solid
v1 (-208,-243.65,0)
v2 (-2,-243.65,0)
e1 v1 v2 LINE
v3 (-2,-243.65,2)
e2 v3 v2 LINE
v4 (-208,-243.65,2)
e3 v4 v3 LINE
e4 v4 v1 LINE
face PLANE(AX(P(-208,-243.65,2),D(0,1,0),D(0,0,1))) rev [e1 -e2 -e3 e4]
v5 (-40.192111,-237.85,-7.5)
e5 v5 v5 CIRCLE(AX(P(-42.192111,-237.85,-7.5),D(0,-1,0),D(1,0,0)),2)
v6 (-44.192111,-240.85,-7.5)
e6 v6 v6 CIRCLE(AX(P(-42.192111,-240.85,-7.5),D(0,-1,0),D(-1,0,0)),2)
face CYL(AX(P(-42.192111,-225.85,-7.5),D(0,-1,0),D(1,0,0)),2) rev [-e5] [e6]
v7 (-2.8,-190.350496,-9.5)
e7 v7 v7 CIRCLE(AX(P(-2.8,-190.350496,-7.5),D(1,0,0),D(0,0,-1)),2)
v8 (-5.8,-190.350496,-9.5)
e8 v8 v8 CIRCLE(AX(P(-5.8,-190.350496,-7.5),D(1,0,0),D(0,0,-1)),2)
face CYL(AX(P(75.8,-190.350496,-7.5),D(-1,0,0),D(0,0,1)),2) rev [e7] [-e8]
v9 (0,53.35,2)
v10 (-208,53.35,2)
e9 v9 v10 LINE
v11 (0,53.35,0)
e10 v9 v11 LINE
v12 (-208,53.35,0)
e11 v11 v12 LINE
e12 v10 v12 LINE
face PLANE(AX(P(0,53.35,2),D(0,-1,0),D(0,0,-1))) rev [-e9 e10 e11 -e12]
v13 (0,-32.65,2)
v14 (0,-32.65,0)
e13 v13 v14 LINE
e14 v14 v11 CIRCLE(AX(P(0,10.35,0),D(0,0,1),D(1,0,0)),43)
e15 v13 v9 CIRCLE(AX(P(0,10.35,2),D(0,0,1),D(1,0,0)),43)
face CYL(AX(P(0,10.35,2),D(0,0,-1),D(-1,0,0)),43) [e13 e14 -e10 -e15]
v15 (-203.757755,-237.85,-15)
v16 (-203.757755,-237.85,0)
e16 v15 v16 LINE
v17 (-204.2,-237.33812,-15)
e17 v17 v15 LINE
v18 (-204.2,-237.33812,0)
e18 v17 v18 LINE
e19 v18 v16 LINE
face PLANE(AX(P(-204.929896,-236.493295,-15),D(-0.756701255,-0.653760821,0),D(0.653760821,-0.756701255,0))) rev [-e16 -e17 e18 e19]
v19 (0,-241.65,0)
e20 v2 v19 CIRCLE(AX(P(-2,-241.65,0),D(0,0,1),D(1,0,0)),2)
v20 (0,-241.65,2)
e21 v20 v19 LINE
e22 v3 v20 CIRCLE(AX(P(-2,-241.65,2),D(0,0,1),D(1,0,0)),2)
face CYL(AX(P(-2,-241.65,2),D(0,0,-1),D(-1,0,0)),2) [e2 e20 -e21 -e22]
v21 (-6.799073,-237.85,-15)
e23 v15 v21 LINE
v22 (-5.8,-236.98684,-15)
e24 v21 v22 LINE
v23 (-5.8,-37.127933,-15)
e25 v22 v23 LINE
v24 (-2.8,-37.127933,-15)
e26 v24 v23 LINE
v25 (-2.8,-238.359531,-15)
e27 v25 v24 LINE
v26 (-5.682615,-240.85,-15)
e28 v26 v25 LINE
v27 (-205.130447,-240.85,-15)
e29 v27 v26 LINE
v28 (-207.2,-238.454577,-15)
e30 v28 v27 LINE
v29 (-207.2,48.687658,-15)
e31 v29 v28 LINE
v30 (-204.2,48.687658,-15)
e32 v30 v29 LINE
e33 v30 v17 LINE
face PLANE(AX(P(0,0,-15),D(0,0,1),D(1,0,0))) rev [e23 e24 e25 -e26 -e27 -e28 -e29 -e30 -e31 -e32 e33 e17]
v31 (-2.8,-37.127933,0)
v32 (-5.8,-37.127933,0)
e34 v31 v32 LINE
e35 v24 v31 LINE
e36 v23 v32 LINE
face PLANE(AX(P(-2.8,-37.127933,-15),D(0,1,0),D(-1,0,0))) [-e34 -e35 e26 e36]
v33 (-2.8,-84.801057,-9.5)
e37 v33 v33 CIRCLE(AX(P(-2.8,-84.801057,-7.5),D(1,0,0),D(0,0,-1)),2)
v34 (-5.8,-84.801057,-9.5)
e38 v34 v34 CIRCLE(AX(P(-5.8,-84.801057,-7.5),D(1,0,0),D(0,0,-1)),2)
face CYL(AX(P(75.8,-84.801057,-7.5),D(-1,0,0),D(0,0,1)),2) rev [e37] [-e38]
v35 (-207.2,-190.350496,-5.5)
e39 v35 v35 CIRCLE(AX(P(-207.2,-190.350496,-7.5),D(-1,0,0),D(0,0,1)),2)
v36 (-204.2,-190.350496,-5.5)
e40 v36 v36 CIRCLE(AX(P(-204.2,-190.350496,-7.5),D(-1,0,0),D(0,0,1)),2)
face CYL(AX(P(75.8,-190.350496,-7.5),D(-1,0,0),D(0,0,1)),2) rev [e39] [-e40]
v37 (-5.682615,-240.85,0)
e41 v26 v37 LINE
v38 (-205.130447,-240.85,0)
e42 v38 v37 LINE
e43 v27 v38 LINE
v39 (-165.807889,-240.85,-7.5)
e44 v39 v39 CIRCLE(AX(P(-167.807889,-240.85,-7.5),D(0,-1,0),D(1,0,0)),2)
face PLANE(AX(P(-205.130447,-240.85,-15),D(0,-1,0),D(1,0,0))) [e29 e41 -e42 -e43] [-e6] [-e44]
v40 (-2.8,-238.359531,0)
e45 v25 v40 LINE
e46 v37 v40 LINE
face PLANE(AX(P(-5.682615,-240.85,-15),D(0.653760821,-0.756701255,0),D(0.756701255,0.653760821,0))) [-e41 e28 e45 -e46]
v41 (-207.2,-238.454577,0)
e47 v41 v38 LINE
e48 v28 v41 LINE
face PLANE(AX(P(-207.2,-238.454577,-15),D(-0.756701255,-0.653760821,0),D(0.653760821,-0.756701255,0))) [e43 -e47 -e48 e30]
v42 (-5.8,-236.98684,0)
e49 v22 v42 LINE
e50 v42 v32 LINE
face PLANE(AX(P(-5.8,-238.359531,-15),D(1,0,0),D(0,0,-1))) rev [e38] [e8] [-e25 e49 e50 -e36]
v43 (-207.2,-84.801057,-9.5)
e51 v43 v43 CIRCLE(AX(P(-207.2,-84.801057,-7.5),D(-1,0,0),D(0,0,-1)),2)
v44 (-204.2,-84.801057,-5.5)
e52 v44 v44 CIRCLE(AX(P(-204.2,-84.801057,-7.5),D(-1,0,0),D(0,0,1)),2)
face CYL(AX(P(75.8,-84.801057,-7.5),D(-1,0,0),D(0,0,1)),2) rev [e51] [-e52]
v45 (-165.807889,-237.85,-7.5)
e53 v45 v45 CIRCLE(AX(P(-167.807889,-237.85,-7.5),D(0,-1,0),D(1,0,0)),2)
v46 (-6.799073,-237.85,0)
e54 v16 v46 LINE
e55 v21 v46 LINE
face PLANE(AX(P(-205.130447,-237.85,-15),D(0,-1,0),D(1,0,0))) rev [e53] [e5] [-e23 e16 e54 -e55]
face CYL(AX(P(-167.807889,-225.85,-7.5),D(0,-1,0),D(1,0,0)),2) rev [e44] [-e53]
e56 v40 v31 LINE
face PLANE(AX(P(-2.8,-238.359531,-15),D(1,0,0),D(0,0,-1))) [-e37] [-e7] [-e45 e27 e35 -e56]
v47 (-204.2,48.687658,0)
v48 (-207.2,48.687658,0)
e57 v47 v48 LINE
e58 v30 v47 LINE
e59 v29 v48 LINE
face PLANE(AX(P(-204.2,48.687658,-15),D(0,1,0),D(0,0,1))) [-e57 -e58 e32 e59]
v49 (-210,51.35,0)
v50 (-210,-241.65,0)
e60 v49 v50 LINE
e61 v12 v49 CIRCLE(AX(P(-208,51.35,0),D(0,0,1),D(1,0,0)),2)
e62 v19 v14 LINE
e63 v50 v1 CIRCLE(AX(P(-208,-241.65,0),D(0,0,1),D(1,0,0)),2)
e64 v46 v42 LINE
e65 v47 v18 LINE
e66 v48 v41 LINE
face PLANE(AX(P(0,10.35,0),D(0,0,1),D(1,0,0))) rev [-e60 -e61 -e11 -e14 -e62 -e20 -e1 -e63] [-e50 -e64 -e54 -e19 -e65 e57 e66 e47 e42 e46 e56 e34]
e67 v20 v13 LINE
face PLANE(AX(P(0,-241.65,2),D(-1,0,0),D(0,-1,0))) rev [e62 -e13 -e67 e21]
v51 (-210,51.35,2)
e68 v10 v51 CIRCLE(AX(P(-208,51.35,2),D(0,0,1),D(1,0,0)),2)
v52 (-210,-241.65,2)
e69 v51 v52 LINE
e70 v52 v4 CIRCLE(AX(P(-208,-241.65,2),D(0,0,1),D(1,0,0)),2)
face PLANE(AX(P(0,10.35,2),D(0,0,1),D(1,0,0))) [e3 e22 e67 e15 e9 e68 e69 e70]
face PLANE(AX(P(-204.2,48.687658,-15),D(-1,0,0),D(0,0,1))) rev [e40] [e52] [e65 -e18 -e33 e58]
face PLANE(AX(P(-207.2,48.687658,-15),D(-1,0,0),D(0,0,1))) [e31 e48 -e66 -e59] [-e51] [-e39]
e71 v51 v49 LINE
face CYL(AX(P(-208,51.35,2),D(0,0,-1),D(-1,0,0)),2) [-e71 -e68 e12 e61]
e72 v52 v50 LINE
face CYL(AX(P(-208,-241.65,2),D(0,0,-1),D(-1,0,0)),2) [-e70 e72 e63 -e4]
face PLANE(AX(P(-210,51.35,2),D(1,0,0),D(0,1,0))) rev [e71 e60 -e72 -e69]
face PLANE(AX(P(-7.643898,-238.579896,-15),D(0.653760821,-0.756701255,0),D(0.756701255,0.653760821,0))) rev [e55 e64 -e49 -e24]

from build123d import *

# Parameters (mm, degrees)
EXTRUDE_1_DEPTH     = 2
EXTRUDE_1_2_DEPTH   = 15
SKETCH_4_R          = 2
CUT_EXTRUDE_1_DEPTH = 15
SKETCH_5_R          = 2
CUT_EXTRUDE_2_DEPTH = 283


with BuildPart() as part:
    # 草图1 → Extrude 1 (new body)
    with BuildSketch(Plane.XY):
        with BuildLine():
            Line((0, 53.35), (-208, 53.35))
            ThreePointArc((-208, 53.35), (-209.414213562, 52.764213562), (-210, 51.35))
            Line((-210, 51.35), (-210, -241.65))
            ThreePointArc((-210, -241.65), (-209.414213562, -243.064213562), (-208, -243.65))
            Line((-208, -243.65), (-2, -243.65))
            ThreePointArc((-2, -243.65), (-0.585786438, -243.064213562), (0, -241.65))
            Line((0, -241.65), (0, -32.65))
            ThreePointArc((0, -32.65), (43, 10.35), (0, 53.35))
        make_face()
    extrude(amount=EXTRUDE_1_DEPTH)

    # 草图3 → Extrude 1 2 (add)
    with BuildSketch(Plane(origin=(0, 0, 0), x_dir=(-1, 0, 0), z_dir=(0, 0, -1))):
        Polygon((207.2, 48.687657947), (207.2, -238.454577256), (205.130446753, -240.85), (5.682615129, -240.85), (2.8, -238.359531245), (2.8, -37.127932812), (5.8, -37.127932812), (5.8, -236.986839537), (6.799072726, -237.85), (203.757755045, -237.85), (204.2, -237.338119658), (204.2, 48.687657947), align=None)
    extrude(amount=EXTRUDE_1_2_DEPTH)

    # 草图4 → 切除-拉伸1 (cut)
    with BuildSketch(Plane.XZ.offset(240.85)):
        with Locations((-167.807888651, -7.5)):
            Circle(SKETCH_4_R)
        with Locations((-42.192111349, -7.5)):
            Circle(SKETCH_4_R)
    extrude(amount=-CUT_EXTRUDE_1_DEPTH, mode=Mode.SUBTRACT)

    # 草图5 → 切除-拉伸2 (cut)
    with BuildSketch(Plane.ZY.offset(207.2)):
        with Locations((-7.5, -190.350496004)):
            Circle(SKETCH_5_R)
        with Locations((-7.5, -84.801056957)):
            Circle(SKETCH_5_R)
    extrude(amount=-CUT_EXTRUDE_2_DEPTH, mode=Mode.SUBTRACT)


solid = part.part
